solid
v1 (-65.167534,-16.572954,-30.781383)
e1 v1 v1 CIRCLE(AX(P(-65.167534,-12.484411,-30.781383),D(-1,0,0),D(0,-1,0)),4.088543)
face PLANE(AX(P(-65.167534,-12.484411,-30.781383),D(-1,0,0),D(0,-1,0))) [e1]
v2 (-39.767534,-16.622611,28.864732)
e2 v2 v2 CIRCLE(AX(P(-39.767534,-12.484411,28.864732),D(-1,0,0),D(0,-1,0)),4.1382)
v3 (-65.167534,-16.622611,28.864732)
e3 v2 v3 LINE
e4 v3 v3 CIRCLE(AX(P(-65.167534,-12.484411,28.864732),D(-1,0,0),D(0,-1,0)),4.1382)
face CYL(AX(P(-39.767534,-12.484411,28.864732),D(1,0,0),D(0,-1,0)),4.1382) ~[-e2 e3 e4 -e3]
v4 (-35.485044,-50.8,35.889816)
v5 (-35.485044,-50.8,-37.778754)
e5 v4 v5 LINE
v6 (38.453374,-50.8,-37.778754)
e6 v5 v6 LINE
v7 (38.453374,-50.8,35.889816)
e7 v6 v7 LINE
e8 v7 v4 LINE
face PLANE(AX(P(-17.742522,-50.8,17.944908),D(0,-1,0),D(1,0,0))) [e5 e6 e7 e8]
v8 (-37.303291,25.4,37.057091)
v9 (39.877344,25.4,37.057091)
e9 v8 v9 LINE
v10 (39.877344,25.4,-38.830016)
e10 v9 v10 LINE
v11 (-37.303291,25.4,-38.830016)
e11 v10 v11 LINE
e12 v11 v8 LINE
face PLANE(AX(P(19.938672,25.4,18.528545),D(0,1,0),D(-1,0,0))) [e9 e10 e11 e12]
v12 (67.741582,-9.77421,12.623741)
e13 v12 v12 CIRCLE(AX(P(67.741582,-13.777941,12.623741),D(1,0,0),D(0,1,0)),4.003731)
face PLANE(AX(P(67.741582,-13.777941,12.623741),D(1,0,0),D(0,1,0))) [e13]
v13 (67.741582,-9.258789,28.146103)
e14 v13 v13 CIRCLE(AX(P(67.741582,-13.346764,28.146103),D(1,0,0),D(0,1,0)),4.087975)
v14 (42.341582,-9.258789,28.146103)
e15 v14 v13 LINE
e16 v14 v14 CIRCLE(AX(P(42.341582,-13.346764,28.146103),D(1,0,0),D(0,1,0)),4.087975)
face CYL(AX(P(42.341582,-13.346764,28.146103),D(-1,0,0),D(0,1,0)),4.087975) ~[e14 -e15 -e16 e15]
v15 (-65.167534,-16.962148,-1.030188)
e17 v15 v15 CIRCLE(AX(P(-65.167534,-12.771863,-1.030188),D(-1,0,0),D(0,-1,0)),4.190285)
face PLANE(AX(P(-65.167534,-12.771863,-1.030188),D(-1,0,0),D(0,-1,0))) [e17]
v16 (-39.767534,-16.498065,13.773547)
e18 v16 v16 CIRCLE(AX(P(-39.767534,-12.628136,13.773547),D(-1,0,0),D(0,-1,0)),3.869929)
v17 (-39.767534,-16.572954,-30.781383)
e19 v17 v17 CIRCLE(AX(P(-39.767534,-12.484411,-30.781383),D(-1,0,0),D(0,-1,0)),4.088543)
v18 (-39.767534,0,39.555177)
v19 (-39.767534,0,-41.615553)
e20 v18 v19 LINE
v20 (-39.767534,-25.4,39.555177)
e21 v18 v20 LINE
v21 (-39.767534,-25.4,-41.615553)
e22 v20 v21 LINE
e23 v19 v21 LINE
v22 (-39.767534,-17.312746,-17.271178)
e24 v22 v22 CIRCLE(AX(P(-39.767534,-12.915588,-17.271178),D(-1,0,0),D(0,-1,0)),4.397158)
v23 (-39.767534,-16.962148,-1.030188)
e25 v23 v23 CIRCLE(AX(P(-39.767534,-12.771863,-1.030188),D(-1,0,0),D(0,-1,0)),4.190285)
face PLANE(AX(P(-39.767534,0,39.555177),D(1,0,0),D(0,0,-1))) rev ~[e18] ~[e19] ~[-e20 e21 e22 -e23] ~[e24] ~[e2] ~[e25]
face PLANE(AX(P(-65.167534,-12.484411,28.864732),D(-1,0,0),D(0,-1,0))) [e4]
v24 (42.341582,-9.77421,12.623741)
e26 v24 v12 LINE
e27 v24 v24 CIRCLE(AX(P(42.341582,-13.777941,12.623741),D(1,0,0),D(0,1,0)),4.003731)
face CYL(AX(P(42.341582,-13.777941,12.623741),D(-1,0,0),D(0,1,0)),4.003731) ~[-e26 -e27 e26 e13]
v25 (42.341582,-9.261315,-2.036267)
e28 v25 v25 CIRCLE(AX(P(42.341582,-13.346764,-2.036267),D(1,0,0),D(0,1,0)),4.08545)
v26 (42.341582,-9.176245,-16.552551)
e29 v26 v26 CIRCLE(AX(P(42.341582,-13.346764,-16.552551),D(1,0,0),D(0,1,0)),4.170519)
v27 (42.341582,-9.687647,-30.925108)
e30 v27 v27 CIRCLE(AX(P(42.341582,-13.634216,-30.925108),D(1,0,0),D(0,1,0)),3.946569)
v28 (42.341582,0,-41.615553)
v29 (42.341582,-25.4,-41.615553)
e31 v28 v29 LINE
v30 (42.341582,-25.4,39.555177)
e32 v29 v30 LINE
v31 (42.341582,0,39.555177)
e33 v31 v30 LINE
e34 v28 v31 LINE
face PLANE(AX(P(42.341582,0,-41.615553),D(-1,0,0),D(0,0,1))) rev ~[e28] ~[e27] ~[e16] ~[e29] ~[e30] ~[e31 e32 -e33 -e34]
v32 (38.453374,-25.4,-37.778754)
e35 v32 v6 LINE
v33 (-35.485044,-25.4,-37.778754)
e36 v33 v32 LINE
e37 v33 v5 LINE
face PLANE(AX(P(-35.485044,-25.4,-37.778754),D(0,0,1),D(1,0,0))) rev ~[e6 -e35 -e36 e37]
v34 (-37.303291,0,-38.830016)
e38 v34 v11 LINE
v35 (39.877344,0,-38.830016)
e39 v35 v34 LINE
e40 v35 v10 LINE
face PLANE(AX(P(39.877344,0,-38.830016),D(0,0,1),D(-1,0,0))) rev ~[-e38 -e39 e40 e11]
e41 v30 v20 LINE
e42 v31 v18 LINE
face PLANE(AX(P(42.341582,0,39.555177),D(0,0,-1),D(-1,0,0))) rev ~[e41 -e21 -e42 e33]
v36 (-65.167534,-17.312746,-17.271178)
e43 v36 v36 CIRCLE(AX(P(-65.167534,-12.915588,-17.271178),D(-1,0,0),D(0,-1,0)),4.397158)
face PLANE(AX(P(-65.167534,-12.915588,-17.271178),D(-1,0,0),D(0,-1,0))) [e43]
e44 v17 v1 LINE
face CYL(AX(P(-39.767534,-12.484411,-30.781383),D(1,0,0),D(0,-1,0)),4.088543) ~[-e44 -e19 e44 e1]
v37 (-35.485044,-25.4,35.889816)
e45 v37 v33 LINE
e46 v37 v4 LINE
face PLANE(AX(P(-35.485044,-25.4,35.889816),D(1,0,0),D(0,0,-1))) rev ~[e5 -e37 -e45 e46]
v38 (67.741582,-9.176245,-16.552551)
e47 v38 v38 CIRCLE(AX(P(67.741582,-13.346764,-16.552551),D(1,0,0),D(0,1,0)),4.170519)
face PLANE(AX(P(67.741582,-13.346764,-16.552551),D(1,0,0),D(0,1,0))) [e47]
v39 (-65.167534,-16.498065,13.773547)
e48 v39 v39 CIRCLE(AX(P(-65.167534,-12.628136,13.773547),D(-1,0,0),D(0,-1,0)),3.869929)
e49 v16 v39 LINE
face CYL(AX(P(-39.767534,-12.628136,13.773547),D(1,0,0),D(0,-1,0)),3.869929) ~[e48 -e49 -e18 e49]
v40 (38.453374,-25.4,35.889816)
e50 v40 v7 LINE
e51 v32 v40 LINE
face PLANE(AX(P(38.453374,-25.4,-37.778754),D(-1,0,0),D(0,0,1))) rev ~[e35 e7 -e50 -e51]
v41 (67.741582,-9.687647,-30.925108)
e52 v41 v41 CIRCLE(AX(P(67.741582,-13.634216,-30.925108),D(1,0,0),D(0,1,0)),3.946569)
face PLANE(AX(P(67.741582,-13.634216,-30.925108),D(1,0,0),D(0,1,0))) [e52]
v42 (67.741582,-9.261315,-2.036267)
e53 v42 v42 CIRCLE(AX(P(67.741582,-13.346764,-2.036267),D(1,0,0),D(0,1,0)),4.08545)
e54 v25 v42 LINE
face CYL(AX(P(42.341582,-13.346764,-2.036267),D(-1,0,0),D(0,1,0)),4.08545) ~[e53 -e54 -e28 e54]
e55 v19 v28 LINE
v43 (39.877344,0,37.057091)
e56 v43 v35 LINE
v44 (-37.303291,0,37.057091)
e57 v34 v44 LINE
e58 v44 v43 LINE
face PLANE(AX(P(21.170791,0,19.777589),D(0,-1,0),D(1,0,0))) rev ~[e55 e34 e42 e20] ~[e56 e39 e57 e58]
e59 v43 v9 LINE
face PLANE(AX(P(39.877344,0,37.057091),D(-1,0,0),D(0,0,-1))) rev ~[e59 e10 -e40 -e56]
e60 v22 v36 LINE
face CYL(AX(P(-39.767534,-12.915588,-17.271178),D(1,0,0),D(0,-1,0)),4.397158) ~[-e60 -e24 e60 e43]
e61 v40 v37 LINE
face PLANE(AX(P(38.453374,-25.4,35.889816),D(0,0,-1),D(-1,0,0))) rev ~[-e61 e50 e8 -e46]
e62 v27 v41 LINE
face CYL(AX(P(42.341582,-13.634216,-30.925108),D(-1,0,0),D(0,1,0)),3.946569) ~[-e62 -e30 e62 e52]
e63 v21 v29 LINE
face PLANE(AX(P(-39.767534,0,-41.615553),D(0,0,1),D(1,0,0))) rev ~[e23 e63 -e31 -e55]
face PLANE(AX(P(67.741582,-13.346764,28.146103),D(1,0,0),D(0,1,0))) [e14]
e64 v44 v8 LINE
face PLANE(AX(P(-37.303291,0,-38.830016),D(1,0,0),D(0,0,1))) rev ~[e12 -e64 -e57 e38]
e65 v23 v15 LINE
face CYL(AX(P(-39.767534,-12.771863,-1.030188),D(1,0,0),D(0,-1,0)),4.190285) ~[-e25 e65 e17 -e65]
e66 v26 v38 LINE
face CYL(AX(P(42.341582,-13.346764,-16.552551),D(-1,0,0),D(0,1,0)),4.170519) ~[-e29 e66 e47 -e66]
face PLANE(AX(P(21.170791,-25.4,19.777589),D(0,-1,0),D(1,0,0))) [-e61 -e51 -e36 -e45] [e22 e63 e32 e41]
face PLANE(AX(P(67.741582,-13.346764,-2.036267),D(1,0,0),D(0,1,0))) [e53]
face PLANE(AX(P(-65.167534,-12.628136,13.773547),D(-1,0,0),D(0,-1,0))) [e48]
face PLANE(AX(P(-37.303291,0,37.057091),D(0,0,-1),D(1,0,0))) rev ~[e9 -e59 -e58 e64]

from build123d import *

# Parameters (mm, degrees)
F0_W     = 42.3415824771
F0_H     = 39.5551770926
F0_W_2   = 39.7675335407
F0_H_2   = 41.6155532002
F1_DEPTH = 25.4
F2_W     = 35.4850441217
F2_H     = 35.8898155391
F2_W_2   = 38.453374058
F2_H_2   = 37.7787537873
F3_DEPTH = 25.4
F4_W     = 39.8773439229
F4_H     = 37.0570905507
F4_W_2   = 37.3032912612
F4_H_2   = 38.8300158083
F5_DEPTH = 25.4
F6_R     = 4.0879753591
F6_R_2   = 4.0037311952
F6_R_3   = 4.0854495617
F6_R_4   = 4.1705192674
F6_R_5   = 3.9465691335
F7_DEPTH = 25.4
F8_R     = 4.138200079
F8_R_2   = 3.8699291695
F8_R_3   = 4.1902853873
F8_R_4   = 4.3971579596
F8_R_5   = 4.0885433944
F9_DEPTH = 25.4


with BuildPart() as f1:
    # F0 (on Front) → F1 (new body)
    with BuildSketch(Plane.XZ):
        with Locations((21.1707912385, 19.7775885463)):
            Rectangle(F0_W, F0_H)
        with Locations((-19.8837667704, -20.8077766001)):
            Rectangle(F0_W_2, F0_H_2)
        with Locations((21.1707912385, -20.8077766001)):
            Rectangle(F0_W, F0_H_2)
        with Locations((-19.8837667704, 19.7775885463)):
            Rectangle(F0_W_2, F0_H)
    extrude(amount=F1_DEPTH)

    # F2 (on face) → F3 (join)
    with BuildSketch(Plane.XZ.offset(25.4)):
        with Locations((-17.7425220609, 17.9449077696)):
            Rectangle(F2_W, F2_H)
        with Locations((19.226687029, 17.9449077696)):
            Rectangle(F2_W_2, F2_H)
        with Locations((-17.7425220609, -18.8893768936)):
            Rectangle(F2_W, F2_H_2)
        with Locations((19.226687029, -18.8893768936)):
            Rectangle(F2_W_2, F2_H_2)
    extrude(amount=F3_DEPTH)

    # F4 (on face) → F5 (join)
    with BuildSketch(Plane(origin=(0, 0, 0), x_dir=(-1, 0, 0), z_dir=(0, 1, 0))):
        with Locations((-19.9386719614, 18.5285452753)):
            Rectangle(F4_W, F4_H)
        with Locations((18.6516456306, 18.5285452753)):
            Rectangle(F4_W_2, F4_H)
        with Locations((18.6516456306, -19.4150079042)):
            Rectangle(F4_W_2, F4_H_2)
        with Locations((-19.9386719614, -19.4150079042)):
            Rectangle(F4_W, F4_H_2)
    extrude(amount=F5_DEPTH)

    # F6 (on face) → F7 (join)
    with BuildSketch(Plane.YZ.offset(42.3415824771)):
        with Locations((-13.346764259, 28.1461030245)):
            Circle(F6_R)
        with Locations((-13.7779414654, 12.6237412915)):
            Circle(F6_R_2)
        with Locations((-13.346764259, -2.0362669602)):
            Circle(F6_R_3)
        with Locations((-13.346764259, -16.5525507182)):
            Circle(F6_R_4)
        with Locations((-13.6342160404, -30.9251081198)):
            Circle(F6_R_5)
    extrude(amount=F7_DEPTH)

    # F8 (on face) → F9 (join)
    with BuildSketch(Plane(origin=(-39.7675335407, 0, 0), x_dir=(0, -1, 0), z_dir=(-1, 0, 0))):
        with Locations((12.4844107777, 28.8647320122)):
            Circle(F8_R)
        with Locations((12.6281362027, 13.7735465541)):
            Circle(F8_R_2)
        with Locations((12.771862559, -1.0301880538)):
            Circle(F8_R_3)
        with Locations((12.915587984, -17.2711778432)):
            Circle(F8_R_4)
        with Locations((12.4844107777, -30.7813826948)):
            Circle(F8_R_5)
    extrude(amount=F9_DEPTH)


solid = f1.part
